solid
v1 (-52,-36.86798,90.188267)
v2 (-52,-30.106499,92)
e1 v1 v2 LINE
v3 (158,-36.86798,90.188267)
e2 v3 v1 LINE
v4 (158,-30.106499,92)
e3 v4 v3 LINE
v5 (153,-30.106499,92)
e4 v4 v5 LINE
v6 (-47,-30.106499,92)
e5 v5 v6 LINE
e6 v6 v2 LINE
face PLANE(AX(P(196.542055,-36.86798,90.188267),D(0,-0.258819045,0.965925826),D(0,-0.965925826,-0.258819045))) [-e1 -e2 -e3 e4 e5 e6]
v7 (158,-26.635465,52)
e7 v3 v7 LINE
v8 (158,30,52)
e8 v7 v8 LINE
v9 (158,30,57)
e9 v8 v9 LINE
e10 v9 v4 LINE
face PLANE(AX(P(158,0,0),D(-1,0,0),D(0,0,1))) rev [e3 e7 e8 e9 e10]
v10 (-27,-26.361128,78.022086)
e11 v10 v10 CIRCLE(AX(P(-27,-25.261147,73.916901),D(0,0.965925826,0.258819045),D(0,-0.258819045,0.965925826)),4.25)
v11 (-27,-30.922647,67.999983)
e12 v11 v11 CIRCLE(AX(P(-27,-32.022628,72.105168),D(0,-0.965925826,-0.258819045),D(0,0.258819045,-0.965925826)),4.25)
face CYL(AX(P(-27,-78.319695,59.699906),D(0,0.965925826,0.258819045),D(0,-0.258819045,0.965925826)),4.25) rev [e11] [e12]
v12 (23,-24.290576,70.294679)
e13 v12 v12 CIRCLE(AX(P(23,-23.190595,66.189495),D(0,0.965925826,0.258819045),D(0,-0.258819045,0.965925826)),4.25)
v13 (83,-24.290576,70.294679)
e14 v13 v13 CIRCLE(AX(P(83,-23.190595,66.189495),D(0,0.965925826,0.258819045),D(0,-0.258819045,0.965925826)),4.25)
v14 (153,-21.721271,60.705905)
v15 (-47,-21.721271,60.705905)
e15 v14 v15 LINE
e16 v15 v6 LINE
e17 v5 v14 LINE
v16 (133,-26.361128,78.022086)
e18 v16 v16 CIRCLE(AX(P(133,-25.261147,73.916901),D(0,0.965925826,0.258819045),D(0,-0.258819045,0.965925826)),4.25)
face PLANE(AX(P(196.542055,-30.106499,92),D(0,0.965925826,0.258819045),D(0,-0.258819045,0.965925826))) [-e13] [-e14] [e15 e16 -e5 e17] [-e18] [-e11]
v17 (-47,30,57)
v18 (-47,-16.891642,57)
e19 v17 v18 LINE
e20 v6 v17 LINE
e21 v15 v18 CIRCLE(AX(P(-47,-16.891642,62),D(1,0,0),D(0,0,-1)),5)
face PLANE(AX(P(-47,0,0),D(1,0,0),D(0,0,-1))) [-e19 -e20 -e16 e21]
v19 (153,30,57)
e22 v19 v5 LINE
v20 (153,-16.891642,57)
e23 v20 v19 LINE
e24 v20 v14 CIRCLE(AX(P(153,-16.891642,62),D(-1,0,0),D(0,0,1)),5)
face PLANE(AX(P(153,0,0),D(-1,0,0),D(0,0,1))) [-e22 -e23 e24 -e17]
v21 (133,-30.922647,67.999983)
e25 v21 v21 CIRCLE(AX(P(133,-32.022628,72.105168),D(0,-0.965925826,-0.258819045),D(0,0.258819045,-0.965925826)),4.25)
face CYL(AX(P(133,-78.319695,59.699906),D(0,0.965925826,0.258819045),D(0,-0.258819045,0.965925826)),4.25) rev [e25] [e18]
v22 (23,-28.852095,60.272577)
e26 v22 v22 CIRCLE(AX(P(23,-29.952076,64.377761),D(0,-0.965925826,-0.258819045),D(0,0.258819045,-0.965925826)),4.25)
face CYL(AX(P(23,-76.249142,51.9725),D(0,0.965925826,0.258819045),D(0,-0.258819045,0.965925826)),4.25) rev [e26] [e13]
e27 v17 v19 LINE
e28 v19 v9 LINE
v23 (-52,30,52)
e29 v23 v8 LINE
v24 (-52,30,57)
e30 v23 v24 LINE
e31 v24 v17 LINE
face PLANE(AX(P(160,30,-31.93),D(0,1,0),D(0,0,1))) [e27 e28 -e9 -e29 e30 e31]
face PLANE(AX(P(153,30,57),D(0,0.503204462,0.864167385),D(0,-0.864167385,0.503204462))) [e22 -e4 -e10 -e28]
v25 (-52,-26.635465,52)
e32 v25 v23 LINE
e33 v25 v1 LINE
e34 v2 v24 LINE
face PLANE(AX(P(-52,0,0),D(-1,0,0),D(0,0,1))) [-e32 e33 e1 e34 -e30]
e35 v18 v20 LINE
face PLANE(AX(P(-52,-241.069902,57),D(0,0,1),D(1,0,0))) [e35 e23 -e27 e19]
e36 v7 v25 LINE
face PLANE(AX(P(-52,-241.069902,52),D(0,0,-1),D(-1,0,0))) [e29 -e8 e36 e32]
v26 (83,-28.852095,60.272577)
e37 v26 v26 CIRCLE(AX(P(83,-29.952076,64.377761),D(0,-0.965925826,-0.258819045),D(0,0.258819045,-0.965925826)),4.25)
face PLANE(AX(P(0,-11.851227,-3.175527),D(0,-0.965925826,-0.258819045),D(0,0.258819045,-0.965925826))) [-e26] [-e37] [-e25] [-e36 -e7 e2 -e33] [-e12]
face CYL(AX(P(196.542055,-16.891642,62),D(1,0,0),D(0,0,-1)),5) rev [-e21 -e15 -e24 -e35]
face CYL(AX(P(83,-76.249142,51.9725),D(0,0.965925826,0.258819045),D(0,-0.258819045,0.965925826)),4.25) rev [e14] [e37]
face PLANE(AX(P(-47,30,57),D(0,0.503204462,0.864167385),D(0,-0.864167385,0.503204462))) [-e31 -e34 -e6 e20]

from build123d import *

# Parameters (mm, degrees)
EXTRUDE_1_DEPTH      = 30
SKETCH_2_R           = 44.45
CUT_EXTRUDE_1_DEPTH  = 4
SKETCH_3_R           = 25.5
SKETCH_3_R_2         = 2.25
CUT_EXTRUDE_2_DEPTH  = 188.619295383
CUT_EXTRUDE_3_DEPTH  = 189.215302247
SKETCH_5_R           = 1.65
CUT_EXTRUDE_4_DEPTH  = 189.215302247
EXTRUDE_START        = -30
EXTRUDE_2_DEPTH      = 30
CUT_EXTRUDE_5_DEPTH  = 198.040604952
CUT_EXTRUDE_7_DEPTH  = 233.432785983
CUT_EXTRUDE_8_DEPTH  = 233.432785983
CUT_EXTRUDE_9_DEPTH  = 233.432785983
FILLET_1_R           = 5
CUT_EXTRUDE_10_DEPTH = 233.432785983
EXTRUDE_START_2      = -5
EXTRUDE_3_DEPTH      = 5
EXTRUDE_4_DEPTH      = 5
SKETCH_14_R          = 4.25
CUT_EXTRUDE_11_DEPTH = 189.364728478
SKETCH_16_W          = 43
SKETCH_16_H          = 30
CUT_EXTRUDE_12_DEPTH = 233.432785983
EXTRUDE_7_REACH      = 188.592
SKETCH_18_W          = 210
SKETCH_18_H          = 5
EXTRUDE_8_DEPTH      = 210
EXTRUDE_9_DEPTH      = 5
EXTRUDE_10_DEPTH     = 5
SKETCH_22_R          = 4.25
CUT_EXTRUDE_13_DEPTH = 187.984035343
FILLET_2_R           = 5
SKETCH_23_W          = 158.512158041
SKETCH_23_H          = 103.317713915
CUT_EXTRUDE_14_DEPTH = 234.418610938


with BuildPart() as part:
    # 草图1 → 凸台-拉伸1 (new body)
    with BuildSketch(Plane(origin=(0, 0, 0), x_dir=(1, 0, 0), z_dir=(0, 1, 0))):
        with BuildLine():
            Line((170, 31.93), (170, -31.93))
            ThreePointArc((170, -31.93), (167.781993847, -38.210172909), (162.111885646, -41.704453387))
            Line((162.111885646, -41.704453387), (15.839142344, -73.308400404))
            ThreePointArc((15.839142344, -73.308400404), (-75, 0), (15.839142344, 73.308400404))
            Line((15.839142344, 73.308400404), (162.111885646, 41.704453387))
            ThreePointArc((162.111885646, 41.704453387), (167.781993847, 38.210172909), (170, 31.93))
        make_face()
    extrude(amount=EXTRUDE_1_DEPTH)

    # 草图2 → 切除-拉伸1 (cut)
    with BuildSketch(Plane(origin=(0, 30, 0), x_dir=(1, 0, 0), z_dir=(0, 1, 0))):
        with Locations(Location((0, 0, 0), (0, 0, 270))):
            Circle(SKETCH_2_R)
    extrude(amount=-CUT_EXTRUDE_1_DEPTH, mode=Mode.SUBTRACT)

    # 草图3 → 切除-拉伸2 (cut, through all)
    with BuildSketch(Plane(origin=(0, 26, 0), x_dir=(1, 0, 0), z_dir=(0, 1, 0))):
        with Locations(Location((0, 0, 0), (0, 0, 270))):
            Circle(SKETCH_3_R)
        with Locations(Location((0, 41, 0), (0, 0, 270))):
            Circle(SKETCH_3_R_2)
        with Locations(Location((28.991378029, 28.991378029, 0), (0, 0, 270))):
            Circle(SKETCH_3_R_2)
        with Locations(Location((41, 0, 0), (0, 0, 270))):
            Circle(SKETCH_3_R_2)
        with Locations(Location((28.991378029, -28.991378029, 0), (0, 0, 270))):
            Circle(SKETCH_3_R_2)
        with Locations(Location((0, -41, 0), (0, 0, 270))):
            Circle(SKETCH_3_R_2)
        with Locations(Location((-28.991378029, -28.991378029, 0), (0, 0, 270))):
            Circle(SKETCH_3_R_2)
        with Locations(Location((-41, 0, 0), (0, 0, 270))):
            Circle(SKETCH_3_R_2)
        with Locations(Location((-28.991378029, 28.991378029, 0), (0, 0, 270))):
            Circle(SKETCH_3_R_2)
    extrude(amount=-CUT_EXTRUDE_2_DEPTH, mode=Mode.SUBTRACT)

    # 草图4 → 切除-拉伸3 (cut, through all)
    with BuildSketch(Plane(origin=(0, 30, 0), x_dir=(1, 0, 0), z_dir=(0, 1, 0))):
        with BuildLine():
            Line((124, 18.5), (134, 18.5))
            ThreePointArc((134, 18.5), (152.5, 0), (134, -18.5))
            Line((134, -18.5), (124, -18.5))
            ThreePointArc((124, -18.5), (105.5, 0), (124, 18.5))
        make_face()
    extrude(amount=-CUT_EXTRUDE_3_DEPTH, mode=Mode.SUBTRACT)

    # 草图5 → 切除-拉伸4 (cut, through all)
    with BuildSketch(Plane(origin=(0, 30, 0), x_dir=(1, 0, 0), z_dir=(0, 1, 0))):
        with Locations(Location((116.75, 25.5, 0), (0, 0, 270))):
            Circle(SKETCH_5_R)
        with Locations(Location((141.25, 25.5, 0), (0, 0, 270))):
            Circle(SKETCH_5_R)
        with Locations(Location((141.25, -25.5, 0), (0, 0, 270))):
            Circle(SKETCH_5_R)
        with Locations(Location((116.75, -25.5, 0), (0, 0, 270))):
            Circle(SKETCH_5_R)
    extrude(amount=-CUT_EXTRUDE_4_DEPTH, mode=Mode.SUBTRACT)

    # 草图6 → 凸台-拉伸2 (add)
    with BuildSketch(Plane(origin=(0, 30, 0), x_dir=(1, 0, 0), z_dir=(0, 1, 0)).offset(EXTRUDE_START)):
        with BuildLine():
            Line((158, 95), (-52, 95))
            Line((-52, 95), (-52, 54.046276467))
            ThreePointArc((-52, 54.046276467), (-20.48558667, 72.148047366), (15.839142344, 73.308400404))
            Line((15.839142344, 73.308400404), (158, 42.592874655))
            Line((158, 42.592874655), (158, 95))
        make_face()
        with BuildLine():
            ThreePointArc((15.839142344, -73.308400404), (-20.48558667, -72.148047366), (-52, -54.046276467))
            Line((-52, -54.046276467), (-52, -95))
            Line((-52, -95), (158, -95))
            Line((158, -95), (158, -42.592874655))
            Line((158, -42.592874655), (15.839142344, -73.308400404))
        make_face()
    extrude(amount=EXTRUDE_2_DEPTH)

    # 草图7 → 切除-拉伸5 (cut, through all)
    with BuildSketch(Plane(origin=(0, 30, 0), x_dir=(1, 0, 0), z_dir=(0, 1, 0))):
        with BuildLine():
            Line((-52, 54.046276467), (-52, -54.046276467))
            ThreePointArc((-52, -54.046276467), (-75, 0), (-52, 54.046276467))
        make_face()
        with BuildLine():
            Line((158, 42.592874655), (158, -42.592874655))
            Line((158, -42.592874655), (162.111885646, -41.704453387))
            ThreePointArc((162.111885646, -41.704453387), (167.781993847, -38.210172909), (170, -31.93))
            Line((170, -31.93), (170, 31.93))
            ThreePointArc((170, 31.93), (167.781993847, 38.210172909), (162.111885646, 41.704453387))
            Line((162.111885646, 41.704453387), (158, 42.592874655))
        make_face()
    extrude(amount=-CUT_EXTRUDE_5_DEPTH, mode=Mode.SUBTRACT)

    # 草图9 → 切除-拉伸7 (cut, through all)
    with BuildSketch(Plane.ZY.offset(52)):
        Polygon((-95, 20), (-60, 10.621778265), (-60, 30), (-95, 30), align=None)
    extrude(amount=-CUT_EXTRUDE_7_DEPTH, mode=Mode.SUBTRACT)

    # 草图10 → 切除-拉伸8 (cut, through all)
    with BuildSketch(Plane.ZY.offset(52)):
        Polygon((-95, 12.753066737), (-52, 1.231251463), (-52, 0), (-95, 0), align=None)
    extrude(amount=-CUT_EXTRUDE_8_DEPTH, mode=Mode.SUBTRACT)

    # 草图8 → 切除-拉伸9 (cut, through all)
    with BuildSketch(Plane.ZY.offset(52)):
        Polygon((0, 0), (52, 0), (52, 17.3), (-52, 17.3), (-52, 0), align=None)
    extrude(amount=-CUT_EXTRUDE_9_DEPTH, mode=Mode.SUBTRACT)

    # 圆角1
    fillet_1_edges = [part.edges().sort_by_distance(p)[0] for p in [
        (53, 10.621778265, -60),
    ]]
    fillet(fillet_1_edges, radius=FILLET_1_R)

    # 草图11 → 切除-拉伸10 (cut, through all)
    with BuildSketch(Plane.ZY.offset(52)):
        Polygon((-95, 12.753066737), (-93.188266684, 19.514547521), (-95, 20), align=None)
    extrude(amount=-CUT_EXTRUDE_10_DEPTH, mode=Mode.SUBTRACT)

    # 草图12 → 凸台-拉伸3 (add)
    with BuildSketch(Plane.ZY.offset(52).offset(EXTRUDE_START_2)):
        with BuildLine():
            Line((-93.188266684, 19.514547521), (-60, 30))
            Line((-60, 30), (-60, 17.137905129))
            ThreePointArc((-60, 17.137905129), (-61.956192855, 13.171138428), (-66.294095226, 12.308275998))
            Line((-66.294095226, 12.308275998), (-93.188266684, 19.514547521))
        make_face()
    extrude(amount=EXTRUDE_3_DEPTH)

    # 草图13 → 凸台-拉伸4 (add)
    with BuildSketch(Plane(origin=(158, 0, 0), x_dir=(0, 0, -1), z_dir=(1, 0, 0))):
        with BuildLine():
            Line((66.294095226, 12.308275998), (93.188266684, 19.514547521))
            Line((93.188266684, 19.514547521), (60, 30))
            Line((60, 30), (60, 17.137905129))
            ThreePointArc((60, 17.137905129), (61.956192855, 13.171138428), (66.294095226, 12.308275998))
        make_face()
    extrude(amount=-EXTRUDE_4_DEPTH)

    # 草图14 → 切除-拉伸11 (cut, through all)
    with BuildSketch(Plane(origin=(0, -5.089745962, -1.36379332), x_dir=(1, 0, 0), z_dir=(0, 0.9659258262890681, 0.2588190451025214))):
        with Locations(Location((-27, 82.063690052, 0), (0, 0, 270))):
            Circle(SKETCH_14_R)
        with Locations(Location((23, 82.063690052, 0), (0, 0, 270))):
            Circle(SKETCH_14_R)
        with Locations(Location((83, 82.063690052, 0), (0, 0, 270))):
            Circle(SKETCH_14_R)
        with Locations(Location((133, 82.063690052, 0), (0, 0, 270))):
            Circle(SKETCH_14_R)
    extrude(amount=-CUT_EXTRUDE_11_DEPTH, mode=Mode.SUBTRACT)

    # 草图16 → 切除-拉伸12 (cut, through all)
    with BuildSketch(Plane.ZY.offset(52)):
        with Locations((73.5, 15)):
            Rectangle(SKETCH_16_W, SKETCH_16_H)
    extrude(amount=-CUT_EXTRUDE_12_DEPTH, mode=Mode.SUBTRACT)

    # 凸台-拉伸7: up to this plane
    extrude_7_end = Plane(origin=(0, -11.851226746, -3.175526636), z_dir=(0, -0.9659258262890681, -0.25881904510252146))
    # 草图18 → 凸台-拉伸7 (add, up to the surface)
    with BuildSketch(Plane(origin=(0, 30, 0), x_dir=(1, 0, 0), z_dir=(0, 1, 0)), mode=Mode.PRIVATE) as extrude_7_sk1:
        with Locations((53, -54.5)):
            Rectangle(SKETCH_18_W, SKETCH_18_H)
    extrude_7_tool1 = split(extrude(extrude_7_sk1.sketch, amount=-EXTRUDE_7_REACH, mode=Mode.PRIVATE), bisect_by=extrude_7_end, keep=Keep.BOTH, mode=Mode.PRIVATE)
    add(extrude_7_tool1.solids().sort_by_distance((53, 30, 54.5))[0])

    # 草图19 → 凸台-拉伸8 (add)
    with BuildSketch(Plane.ZY.offset(52)):
        Polygon((57, -27.975210512), (90.188266684, -36.867979769), (92, -30.106498985), (57, -20.72827725), align=None)
    extrude(amount=-EXTRUDE_8_DEPTH)

    # 草图20 → 凸台-拉伸9 (add)
    with BuildSketch(Plane.ZY.offset(52)):
        Polygon((92, -30.106498985), (57, -20.72827725), (57, 30), align=None)
    extrude(amount=-EXTRUDE_9_DEPTH)

    # 草图21 → 凸台-拉伸10 (add)
    with BuildSketch(Plane(origin=(158, 0, 0), x_dir=(0, 0, -1), z_dir=(1, 0, 0))):
        Polygon((-57, 30), (-92, -30.106498985), (-57, -20.72827725), align=None)
    extrude(amount=-EXTRUDE_10_DEPTH)

    # 草图22 → 切除-拉伸13 (cut, through all)
    with BuildSketch(Plane(origin=(0, -5.089745962, -1.36379332), x_dir=(1, 0, 0), z_dir=(0, 0.9659258262890686, 0.25881904510251946))):
        with Locations(Location((-27, -77.936309948, 0), (0, 0, 270))):
            Circle(SKETCH_22_R)
        with Locations(Location((23, -69.936309948, 0), (0, 0, 270))):
            Circle(SKETCH_22_R)
        with Locations(Location((83, -69.936309948, 0), (0, 0, 270))):
            Circle(SKETCH_22_R)
        with Locations(Location((133, -77.936309948, 0), (0, 0, 270))):
            Circle(SKETCH_22_R)
    extrude(amount=-CUT_EXTRUDE_13_DEPTH, mode=Mode.SUBTRACT)

    # 圆角2
    fillet_2_edges = [part.edges().sort_by_distance(p)[0] for p in [
        (53, -20.72827725, 57),
    ]]
    fillet(fillet_2_edges, radius=FILLET_2_R)

    # 草图23 → 切除-拉伸14 (cut, through all)
    with BuildSketch(Plane.ZY.offset(52)):
        with Locations((-27.256079021, 5.306767281)):
            Rectangle(SKETCH_23_W, SKETCH_23_H)
    extrude(amount=-CUT_EXTRUDE_14_DEPTH, mode=Mode.SUBTRACT)


solid = part.part
